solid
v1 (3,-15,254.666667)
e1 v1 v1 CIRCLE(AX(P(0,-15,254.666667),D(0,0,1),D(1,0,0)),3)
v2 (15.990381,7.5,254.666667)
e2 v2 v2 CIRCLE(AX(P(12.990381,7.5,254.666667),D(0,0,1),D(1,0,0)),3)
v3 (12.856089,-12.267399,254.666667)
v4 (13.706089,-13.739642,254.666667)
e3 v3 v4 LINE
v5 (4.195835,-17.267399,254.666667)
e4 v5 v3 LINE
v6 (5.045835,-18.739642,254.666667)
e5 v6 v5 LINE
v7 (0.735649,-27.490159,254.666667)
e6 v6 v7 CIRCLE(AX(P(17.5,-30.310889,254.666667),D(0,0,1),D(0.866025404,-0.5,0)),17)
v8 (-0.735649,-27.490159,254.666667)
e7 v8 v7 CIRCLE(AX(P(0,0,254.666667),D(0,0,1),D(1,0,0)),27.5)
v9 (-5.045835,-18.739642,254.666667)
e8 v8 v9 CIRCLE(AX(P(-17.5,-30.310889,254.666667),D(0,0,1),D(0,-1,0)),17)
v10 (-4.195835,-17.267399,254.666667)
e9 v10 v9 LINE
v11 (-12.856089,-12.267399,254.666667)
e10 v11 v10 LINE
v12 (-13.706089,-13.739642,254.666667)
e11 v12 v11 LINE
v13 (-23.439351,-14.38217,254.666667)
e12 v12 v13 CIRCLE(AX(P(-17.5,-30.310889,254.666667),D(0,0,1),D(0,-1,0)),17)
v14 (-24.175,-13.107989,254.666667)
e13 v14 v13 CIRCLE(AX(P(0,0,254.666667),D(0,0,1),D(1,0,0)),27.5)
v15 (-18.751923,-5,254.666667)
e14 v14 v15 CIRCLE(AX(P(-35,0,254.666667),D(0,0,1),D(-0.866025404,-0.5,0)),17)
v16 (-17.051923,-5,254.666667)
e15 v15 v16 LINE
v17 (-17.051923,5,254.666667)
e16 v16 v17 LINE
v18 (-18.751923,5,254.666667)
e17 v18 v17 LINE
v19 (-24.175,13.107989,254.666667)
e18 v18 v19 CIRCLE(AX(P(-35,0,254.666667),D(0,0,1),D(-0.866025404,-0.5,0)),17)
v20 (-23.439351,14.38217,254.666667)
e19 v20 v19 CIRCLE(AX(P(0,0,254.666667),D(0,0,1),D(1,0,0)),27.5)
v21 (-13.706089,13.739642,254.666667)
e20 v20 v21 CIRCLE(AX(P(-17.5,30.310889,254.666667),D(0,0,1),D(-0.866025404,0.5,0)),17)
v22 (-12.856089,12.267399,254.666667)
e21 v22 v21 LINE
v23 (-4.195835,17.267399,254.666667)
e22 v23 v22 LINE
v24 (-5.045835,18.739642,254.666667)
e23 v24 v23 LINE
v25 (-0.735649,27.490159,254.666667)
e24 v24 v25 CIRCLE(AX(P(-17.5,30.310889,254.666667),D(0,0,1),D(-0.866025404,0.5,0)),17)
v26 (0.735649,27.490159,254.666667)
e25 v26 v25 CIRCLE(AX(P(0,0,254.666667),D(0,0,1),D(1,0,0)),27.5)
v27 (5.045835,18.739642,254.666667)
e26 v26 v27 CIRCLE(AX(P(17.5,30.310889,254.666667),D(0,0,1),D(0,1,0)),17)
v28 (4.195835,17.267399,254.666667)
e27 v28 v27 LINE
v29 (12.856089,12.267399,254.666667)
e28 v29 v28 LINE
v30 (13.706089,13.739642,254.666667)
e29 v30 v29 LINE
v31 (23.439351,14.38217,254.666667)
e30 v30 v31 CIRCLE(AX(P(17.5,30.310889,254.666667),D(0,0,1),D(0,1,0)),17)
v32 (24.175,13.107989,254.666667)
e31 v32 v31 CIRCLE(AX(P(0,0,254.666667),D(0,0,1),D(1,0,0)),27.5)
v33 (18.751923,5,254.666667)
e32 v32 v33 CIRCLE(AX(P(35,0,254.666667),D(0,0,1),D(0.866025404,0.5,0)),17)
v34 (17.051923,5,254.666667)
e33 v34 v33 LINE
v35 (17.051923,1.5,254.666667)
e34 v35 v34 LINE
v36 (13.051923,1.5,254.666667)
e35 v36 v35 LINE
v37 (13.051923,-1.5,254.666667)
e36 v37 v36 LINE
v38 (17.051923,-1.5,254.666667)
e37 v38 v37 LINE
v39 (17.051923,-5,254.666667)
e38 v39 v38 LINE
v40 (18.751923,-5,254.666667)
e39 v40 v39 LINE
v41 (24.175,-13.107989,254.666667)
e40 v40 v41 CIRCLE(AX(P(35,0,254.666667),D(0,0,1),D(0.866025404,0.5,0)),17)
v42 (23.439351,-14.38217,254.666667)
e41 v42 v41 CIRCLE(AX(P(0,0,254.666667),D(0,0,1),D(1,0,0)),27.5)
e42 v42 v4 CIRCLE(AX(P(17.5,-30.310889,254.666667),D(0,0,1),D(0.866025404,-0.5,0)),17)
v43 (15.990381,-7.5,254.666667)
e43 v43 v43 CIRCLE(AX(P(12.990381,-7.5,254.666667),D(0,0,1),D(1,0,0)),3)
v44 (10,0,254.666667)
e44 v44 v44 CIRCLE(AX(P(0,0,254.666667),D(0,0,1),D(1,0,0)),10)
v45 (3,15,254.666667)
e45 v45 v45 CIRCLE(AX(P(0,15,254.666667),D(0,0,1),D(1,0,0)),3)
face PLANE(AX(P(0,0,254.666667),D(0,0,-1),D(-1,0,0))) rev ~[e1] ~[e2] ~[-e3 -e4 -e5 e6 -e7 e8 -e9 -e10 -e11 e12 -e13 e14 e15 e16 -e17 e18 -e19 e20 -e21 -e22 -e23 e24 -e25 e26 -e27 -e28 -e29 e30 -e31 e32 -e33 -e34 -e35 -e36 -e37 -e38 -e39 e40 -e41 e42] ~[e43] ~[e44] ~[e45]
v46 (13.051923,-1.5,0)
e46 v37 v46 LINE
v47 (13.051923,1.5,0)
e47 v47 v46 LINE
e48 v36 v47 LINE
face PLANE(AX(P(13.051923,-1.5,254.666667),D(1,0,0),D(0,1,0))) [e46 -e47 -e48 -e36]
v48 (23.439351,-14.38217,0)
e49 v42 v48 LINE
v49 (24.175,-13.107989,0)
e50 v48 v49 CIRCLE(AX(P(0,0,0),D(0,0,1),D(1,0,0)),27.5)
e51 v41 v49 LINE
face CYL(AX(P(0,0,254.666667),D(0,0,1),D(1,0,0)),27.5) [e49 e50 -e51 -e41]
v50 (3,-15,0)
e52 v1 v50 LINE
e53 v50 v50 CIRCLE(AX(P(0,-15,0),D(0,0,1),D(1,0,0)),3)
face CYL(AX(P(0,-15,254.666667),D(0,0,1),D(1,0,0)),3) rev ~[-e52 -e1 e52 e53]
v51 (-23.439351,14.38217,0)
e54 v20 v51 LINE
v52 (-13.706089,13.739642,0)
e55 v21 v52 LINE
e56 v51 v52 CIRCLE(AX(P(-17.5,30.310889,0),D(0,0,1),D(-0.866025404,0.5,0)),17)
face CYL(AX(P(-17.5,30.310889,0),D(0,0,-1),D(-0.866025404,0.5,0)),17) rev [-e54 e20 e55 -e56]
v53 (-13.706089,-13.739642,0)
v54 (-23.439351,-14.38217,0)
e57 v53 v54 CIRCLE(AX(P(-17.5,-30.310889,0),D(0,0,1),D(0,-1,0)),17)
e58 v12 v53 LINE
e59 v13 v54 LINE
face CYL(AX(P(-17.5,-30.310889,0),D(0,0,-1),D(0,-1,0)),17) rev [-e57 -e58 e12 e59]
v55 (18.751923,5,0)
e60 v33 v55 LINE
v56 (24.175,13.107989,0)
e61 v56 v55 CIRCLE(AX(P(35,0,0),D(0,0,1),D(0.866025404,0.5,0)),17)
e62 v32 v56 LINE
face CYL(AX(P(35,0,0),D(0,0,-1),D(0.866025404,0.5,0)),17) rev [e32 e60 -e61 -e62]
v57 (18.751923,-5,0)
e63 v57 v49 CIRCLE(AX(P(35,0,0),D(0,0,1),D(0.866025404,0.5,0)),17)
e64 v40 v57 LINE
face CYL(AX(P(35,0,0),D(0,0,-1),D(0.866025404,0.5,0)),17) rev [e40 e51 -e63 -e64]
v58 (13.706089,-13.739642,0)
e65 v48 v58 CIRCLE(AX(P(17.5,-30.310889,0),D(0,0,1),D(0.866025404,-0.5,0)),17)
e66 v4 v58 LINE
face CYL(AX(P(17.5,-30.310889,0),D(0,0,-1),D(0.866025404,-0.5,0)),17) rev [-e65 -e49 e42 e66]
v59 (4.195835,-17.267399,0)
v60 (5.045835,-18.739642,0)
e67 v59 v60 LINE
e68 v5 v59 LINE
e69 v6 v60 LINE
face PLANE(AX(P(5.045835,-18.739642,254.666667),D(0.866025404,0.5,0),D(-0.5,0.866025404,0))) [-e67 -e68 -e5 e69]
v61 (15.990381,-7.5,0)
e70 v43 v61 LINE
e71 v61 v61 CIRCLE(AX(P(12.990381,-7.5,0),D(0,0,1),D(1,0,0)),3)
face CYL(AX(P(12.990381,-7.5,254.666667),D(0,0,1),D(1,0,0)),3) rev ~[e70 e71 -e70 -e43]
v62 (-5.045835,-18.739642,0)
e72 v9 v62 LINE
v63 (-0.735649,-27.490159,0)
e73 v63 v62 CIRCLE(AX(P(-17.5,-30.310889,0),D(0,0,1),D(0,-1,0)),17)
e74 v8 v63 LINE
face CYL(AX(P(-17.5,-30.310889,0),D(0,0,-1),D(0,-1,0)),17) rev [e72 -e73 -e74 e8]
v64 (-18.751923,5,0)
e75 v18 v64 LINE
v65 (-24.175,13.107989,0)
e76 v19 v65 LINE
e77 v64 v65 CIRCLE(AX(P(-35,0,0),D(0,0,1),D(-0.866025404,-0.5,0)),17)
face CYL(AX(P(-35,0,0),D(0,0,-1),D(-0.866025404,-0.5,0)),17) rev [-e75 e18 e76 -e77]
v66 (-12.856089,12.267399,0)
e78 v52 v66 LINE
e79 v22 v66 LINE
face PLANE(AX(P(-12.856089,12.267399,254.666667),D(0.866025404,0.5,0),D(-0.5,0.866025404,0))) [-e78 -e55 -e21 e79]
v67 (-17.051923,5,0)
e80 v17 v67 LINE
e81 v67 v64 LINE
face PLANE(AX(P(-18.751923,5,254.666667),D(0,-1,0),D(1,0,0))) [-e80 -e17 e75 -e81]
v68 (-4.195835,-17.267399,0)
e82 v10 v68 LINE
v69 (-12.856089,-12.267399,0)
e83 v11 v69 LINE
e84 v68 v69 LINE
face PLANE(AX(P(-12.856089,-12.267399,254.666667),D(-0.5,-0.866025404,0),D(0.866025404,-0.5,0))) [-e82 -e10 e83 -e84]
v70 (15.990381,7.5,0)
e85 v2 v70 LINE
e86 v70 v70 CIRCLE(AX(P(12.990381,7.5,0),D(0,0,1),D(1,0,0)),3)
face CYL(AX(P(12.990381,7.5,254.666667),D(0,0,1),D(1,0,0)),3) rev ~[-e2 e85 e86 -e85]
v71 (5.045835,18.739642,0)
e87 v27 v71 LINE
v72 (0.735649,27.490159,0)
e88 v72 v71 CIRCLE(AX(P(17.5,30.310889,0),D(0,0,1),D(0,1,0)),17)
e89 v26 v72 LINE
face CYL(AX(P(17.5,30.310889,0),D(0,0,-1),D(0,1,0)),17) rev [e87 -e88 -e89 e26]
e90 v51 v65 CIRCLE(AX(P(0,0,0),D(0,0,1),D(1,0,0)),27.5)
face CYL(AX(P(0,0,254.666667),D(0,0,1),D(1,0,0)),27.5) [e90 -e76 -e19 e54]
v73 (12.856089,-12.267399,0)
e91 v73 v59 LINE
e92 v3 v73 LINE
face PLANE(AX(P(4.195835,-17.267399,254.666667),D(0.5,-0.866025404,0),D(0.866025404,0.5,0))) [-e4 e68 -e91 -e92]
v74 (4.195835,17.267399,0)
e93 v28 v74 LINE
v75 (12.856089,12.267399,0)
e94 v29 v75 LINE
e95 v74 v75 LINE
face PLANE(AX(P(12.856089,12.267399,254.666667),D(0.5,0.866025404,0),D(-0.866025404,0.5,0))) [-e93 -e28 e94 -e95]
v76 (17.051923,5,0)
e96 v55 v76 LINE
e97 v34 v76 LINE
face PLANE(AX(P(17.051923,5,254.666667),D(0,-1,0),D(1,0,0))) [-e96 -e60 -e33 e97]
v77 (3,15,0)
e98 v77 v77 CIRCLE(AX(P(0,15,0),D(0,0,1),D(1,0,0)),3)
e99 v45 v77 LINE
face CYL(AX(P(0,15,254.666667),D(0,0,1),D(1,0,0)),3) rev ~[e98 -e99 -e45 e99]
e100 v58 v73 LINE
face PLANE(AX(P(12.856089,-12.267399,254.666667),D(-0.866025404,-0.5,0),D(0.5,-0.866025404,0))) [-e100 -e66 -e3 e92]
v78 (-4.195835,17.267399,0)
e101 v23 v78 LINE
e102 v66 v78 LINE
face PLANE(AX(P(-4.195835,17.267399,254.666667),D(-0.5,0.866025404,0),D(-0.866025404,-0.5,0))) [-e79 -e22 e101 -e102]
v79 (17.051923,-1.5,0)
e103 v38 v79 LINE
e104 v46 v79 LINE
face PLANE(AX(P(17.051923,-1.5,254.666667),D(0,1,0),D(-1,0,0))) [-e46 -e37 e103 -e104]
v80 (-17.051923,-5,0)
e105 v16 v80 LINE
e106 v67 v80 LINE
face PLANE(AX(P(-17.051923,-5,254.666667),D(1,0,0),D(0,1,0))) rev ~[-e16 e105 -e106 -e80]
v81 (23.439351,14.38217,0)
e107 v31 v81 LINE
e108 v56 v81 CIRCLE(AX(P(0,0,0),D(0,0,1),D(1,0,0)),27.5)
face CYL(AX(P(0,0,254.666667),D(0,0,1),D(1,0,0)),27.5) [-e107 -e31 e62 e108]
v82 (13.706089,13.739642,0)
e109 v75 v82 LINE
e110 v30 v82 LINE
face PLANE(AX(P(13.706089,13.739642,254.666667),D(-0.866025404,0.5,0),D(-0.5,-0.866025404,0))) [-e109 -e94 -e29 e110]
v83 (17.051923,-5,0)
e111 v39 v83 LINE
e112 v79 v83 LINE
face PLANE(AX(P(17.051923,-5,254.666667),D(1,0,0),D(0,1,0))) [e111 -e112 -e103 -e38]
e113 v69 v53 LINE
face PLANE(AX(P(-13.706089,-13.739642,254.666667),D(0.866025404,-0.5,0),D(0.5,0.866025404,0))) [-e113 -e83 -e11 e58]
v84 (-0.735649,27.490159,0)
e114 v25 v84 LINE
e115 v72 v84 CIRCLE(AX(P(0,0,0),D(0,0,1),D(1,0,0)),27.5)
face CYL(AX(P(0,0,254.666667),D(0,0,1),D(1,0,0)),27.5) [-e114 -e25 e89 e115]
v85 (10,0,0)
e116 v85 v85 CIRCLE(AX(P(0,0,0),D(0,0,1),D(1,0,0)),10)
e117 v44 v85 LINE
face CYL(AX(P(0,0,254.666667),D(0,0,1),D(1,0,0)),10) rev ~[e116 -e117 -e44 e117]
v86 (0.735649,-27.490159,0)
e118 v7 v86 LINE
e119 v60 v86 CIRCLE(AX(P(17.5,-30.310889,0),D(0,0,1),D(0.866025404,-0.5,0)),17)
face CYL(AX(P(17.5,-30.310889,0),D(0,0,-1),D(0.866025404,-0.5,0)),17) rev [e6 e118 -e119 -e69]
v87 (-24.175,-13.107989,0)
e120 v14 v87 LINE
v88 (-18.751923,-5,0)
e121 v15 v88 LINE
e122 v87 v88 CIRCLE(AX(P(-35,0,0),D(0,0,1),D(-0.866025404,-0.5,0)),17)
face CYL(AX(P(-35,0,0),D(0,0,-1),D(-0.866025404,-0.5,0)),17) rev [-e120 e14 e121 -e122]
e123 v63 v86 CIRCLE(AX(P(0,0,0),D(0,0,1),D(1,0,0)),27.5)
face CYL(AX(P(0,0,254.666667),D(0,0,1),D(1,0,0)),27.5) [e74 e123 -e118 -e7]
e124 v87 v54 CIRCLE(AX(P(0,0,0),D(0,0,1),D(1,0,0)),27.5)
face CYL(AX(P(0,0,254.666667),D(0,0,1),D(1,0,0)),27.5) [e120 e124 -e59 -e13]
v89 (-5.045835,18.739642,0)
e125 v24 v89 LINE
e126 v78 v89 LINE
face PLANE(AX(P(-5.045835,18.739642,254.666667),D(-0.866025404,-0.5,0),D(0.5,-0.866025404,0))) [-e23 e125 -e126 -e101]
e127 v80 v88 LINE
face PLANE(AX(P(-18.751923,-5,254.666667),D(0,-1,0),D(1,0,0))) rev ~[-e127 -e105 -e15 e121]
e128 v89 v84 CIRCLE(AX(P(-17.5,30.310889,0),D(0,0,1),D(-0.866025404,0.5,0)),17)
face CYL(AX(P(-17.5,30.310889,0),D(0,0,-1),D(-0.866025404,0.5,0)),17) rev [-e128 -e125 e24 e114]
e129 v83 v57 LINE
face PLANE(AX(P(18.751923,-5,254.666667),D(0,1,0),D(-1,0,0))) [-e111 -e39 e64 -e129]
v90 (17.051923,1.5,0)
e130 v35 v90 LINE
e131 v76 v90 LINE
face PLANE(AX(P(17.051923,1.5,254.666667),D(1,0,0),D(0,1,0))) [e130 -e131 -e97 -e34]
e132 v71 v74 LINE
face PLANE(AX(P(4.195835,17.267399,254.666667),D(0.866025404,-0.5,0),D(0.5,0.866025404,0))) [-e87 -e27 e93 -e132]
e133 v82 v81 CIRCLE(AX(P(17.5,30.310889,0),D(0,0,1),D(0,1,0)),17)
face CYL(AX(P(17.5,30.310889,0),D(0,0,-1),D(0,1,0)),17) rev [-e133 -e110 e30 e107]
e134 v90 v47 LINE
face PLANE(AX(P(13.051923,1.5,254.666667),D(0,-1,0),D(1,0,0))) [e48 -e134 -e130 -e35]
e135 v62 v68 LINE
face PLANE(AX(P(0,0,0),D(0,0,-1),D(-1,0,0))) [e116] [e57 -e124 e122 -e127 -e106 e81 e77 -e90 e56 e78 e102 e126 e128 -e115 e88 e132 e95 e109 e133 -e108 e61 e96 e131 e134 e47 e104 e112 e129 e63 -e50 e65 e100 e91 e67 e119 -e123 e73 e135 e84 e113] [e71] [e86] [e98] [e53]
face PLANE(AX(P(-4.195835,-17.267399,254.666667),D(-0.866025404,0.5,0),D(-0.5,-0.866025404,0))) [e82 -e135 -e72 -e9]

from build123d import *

# Parameters (mm, degrees)
BOSS_EXTRU_1_DEPTH      = 254.666666667
ESQUISSE4_R             = 51.382798763
ESQUISSE4_R_2           = 27.5
ENL_V_MAT_EXTRU_1_DEPTH = 265.098930571
ESQUISSE5_R             = 10
ESQUISSE5_R_2           = 3
ESQUISSE5_W             = 1.7
ESQUISSE5_H             = 10
ENL_V_MAT_EXTRU_2_DEPTH = 258.285428534


with BuildPart() as part:
    # Esquisse1 → Boss.-Extru.1 (new body)
    with BuildSketch(Plane.XY):
        with BuildLine():
            Line((-17.5, -48.310889132), (-17.5, -47.310889132))
            ThreePointArc((-17.5, -47.310889132), (-9, -15.588457268), (-32.222431864, -38.810889132))
            Line((-32.222431864, -38.810889132), (-33.088457268, -39.310889132))
            ThreePointArc((-33.088457268, -39.310889132), (-35.314540075, -27.733649929), (-29.89862988, -17.26198201))
            ThreePointArc((-29.89862988, -17.26198201), (-41.675315415, -16.716463864), (-50.588457268, -9))
            Line((-50.588457268, -9), (-49.722431864, -8.5))
            ThreePointArc((-49.722431864, -8.5), (-18, 0), (-49.722431864, 8.5))
            Line((-49.722431864, 8.5), (-50.588457268, 9))
            ThreePointArc((-50.588457268, 9), (-41.675315415, 16.716463864), (-29.89862988, 17.26198201))
            ThreePointArc((-29.89862988, 17.26198201), (-35.314540075, 27.733649929), (-33.088457268, 39.310889132))
            Line((-33.088457268, 39.310889132), (-32.222431864, 38.810889132))
            ThreePointArc((-32.222431864, 38.810889132), (-9, 15.588457268), (-17.5, 47.310889132))
            Line((-17.5, 47.310889132), (-17.5, 48.310889132))
            ThreePointArc((-17.5, 48.310889132), (-6.36077534, 44.450113792), (0, 34.523964019))
            ThreePointArc((0, 34.523964019), (6.36077534, 44.450113792), (17.5, 48.310889132))
            Line((17.5, 48.310889132), (17.5, 47.310889132))
            ThreePointArc((17.5, 47.310889132), (9, 15.588457268), (32.222431864, 38.810889132))
            Line((32.222431864, 38.810889132), (33.088457268, 39.310889132))
            ThreePointArc((33.088457268, 39.310889132), (35.314540075, 27.733649929), (29.89862988, 17.26198201))
            ThreePointArc((29.89862988, 17.26198201), (41.675315415, 16.716463864), (50.588457268, 9))
            Line((50.588457268, 9), (49.722431864, 8.5))
            ThreePointArc((49.722431864, 8.5), (18, 0), (49.722431864, -8.5))
            Line((49.722431864, -8.5), (50.588457268, -9))
            ThreePointArc((50.588457268, -9), (41.675315415, -16.716463864), (29.89862988, -17.26198201))
            ThreePointArc((29.89862988, -17.26198201), (35.314540075, -27.733649929), (33.088457268, -39.310889132))
            Line((33.088457268, -39.310889132), (32.222431864, -38.810889132))
            ThreePointArc((32.222431864, -38.810889132), (9, -15.588457268), (17.5, -47.310889132))
            Line((17.5, -47.310889132), (17.5, -48.310889132))
            ThreePointArc((17.5, -48.310889132), (6.36077534, -44.450113792), (0, -34.523964019))
            ThreePointArc((0, -34.523964019), (-6.36077534, -44.450113792), (-17.5, -48.310889132))
        make_face()
    extrude(amount=BOSS_EXTRU_1_DEPTH)

    # Esquisse4 → Enlèv. mat.-Extru.1 (cut, through all)
    with BuildSketch(Plane.XY.offset(254.666666667)):
        Circle(ESQUISSE4_R)
        Circle(ESQUISSE4_R_2, mode=Mode.SUBTRACT)
    extrude(amount=-ENL_V_MAT_EXTRU_1_DEPTH, mode=Mode.SUBTRACT)

    # Esquisse5 → Enlèv. mat.-Extru.2 (cut, through all)
    with BuildSketch(Plane.XY.offset(254.666666667)):
        Circle(ESQUISSE5_R)
        with Locations((0, 15)):
            Circle(ESQUISSE5_R_2)
        with Locations((12.990381057, 7.5)):
            Circle(ESQUISSE5_R_2)
        with Locations((12.990381057, -7.5)):
            Circle(ESQUISSE5_R_2)
        with Locations((0, -15)):
            Circle(ESQUISSE5_R_2)
        Polygon((13.706088614, -13.739641853), (5.045834576, -18.739641853), (4.195834576, -17.267398667), (12.856088614, -12.267398667), align=None)
        Polygon((17.051923191, 5), (18.751923191, 5), (18.751923191, -5), (17.051923191, -5), (17.051923191, -1.5), (13.051923191, -1.5), (13.051923191, 1.5), (17.051923191, 1.5), align=None)
        Polygon((-5.045834576, -18.739641853), (-13.706088614, -13.739641853), (-12.856088614, -12.267398667), (-4.195834576, -17.267398667), align=None)
        with Locations((-17.901923191, 0)):
            Rectangle(ESQUISSE5_W, ESQUISSE5_H)
        Polygon((-13.706088614, 13.739641853), (-5.045834576, 18.739641853), (-4.195834576, 17.267398667), (-12.856088614, 12.267398667), align=None)
        Polygon((5.045834576, 18.739641853), (13.706088614, 13.739641853), (12.856088614, 12.267398667), (4.195834576, 17.267398667), align=None)
    extrude(amount=-ENL_V_MAT_EXTRU_2_DEPTH, mode=Mode.SUBTRACT)


solid = part.part
